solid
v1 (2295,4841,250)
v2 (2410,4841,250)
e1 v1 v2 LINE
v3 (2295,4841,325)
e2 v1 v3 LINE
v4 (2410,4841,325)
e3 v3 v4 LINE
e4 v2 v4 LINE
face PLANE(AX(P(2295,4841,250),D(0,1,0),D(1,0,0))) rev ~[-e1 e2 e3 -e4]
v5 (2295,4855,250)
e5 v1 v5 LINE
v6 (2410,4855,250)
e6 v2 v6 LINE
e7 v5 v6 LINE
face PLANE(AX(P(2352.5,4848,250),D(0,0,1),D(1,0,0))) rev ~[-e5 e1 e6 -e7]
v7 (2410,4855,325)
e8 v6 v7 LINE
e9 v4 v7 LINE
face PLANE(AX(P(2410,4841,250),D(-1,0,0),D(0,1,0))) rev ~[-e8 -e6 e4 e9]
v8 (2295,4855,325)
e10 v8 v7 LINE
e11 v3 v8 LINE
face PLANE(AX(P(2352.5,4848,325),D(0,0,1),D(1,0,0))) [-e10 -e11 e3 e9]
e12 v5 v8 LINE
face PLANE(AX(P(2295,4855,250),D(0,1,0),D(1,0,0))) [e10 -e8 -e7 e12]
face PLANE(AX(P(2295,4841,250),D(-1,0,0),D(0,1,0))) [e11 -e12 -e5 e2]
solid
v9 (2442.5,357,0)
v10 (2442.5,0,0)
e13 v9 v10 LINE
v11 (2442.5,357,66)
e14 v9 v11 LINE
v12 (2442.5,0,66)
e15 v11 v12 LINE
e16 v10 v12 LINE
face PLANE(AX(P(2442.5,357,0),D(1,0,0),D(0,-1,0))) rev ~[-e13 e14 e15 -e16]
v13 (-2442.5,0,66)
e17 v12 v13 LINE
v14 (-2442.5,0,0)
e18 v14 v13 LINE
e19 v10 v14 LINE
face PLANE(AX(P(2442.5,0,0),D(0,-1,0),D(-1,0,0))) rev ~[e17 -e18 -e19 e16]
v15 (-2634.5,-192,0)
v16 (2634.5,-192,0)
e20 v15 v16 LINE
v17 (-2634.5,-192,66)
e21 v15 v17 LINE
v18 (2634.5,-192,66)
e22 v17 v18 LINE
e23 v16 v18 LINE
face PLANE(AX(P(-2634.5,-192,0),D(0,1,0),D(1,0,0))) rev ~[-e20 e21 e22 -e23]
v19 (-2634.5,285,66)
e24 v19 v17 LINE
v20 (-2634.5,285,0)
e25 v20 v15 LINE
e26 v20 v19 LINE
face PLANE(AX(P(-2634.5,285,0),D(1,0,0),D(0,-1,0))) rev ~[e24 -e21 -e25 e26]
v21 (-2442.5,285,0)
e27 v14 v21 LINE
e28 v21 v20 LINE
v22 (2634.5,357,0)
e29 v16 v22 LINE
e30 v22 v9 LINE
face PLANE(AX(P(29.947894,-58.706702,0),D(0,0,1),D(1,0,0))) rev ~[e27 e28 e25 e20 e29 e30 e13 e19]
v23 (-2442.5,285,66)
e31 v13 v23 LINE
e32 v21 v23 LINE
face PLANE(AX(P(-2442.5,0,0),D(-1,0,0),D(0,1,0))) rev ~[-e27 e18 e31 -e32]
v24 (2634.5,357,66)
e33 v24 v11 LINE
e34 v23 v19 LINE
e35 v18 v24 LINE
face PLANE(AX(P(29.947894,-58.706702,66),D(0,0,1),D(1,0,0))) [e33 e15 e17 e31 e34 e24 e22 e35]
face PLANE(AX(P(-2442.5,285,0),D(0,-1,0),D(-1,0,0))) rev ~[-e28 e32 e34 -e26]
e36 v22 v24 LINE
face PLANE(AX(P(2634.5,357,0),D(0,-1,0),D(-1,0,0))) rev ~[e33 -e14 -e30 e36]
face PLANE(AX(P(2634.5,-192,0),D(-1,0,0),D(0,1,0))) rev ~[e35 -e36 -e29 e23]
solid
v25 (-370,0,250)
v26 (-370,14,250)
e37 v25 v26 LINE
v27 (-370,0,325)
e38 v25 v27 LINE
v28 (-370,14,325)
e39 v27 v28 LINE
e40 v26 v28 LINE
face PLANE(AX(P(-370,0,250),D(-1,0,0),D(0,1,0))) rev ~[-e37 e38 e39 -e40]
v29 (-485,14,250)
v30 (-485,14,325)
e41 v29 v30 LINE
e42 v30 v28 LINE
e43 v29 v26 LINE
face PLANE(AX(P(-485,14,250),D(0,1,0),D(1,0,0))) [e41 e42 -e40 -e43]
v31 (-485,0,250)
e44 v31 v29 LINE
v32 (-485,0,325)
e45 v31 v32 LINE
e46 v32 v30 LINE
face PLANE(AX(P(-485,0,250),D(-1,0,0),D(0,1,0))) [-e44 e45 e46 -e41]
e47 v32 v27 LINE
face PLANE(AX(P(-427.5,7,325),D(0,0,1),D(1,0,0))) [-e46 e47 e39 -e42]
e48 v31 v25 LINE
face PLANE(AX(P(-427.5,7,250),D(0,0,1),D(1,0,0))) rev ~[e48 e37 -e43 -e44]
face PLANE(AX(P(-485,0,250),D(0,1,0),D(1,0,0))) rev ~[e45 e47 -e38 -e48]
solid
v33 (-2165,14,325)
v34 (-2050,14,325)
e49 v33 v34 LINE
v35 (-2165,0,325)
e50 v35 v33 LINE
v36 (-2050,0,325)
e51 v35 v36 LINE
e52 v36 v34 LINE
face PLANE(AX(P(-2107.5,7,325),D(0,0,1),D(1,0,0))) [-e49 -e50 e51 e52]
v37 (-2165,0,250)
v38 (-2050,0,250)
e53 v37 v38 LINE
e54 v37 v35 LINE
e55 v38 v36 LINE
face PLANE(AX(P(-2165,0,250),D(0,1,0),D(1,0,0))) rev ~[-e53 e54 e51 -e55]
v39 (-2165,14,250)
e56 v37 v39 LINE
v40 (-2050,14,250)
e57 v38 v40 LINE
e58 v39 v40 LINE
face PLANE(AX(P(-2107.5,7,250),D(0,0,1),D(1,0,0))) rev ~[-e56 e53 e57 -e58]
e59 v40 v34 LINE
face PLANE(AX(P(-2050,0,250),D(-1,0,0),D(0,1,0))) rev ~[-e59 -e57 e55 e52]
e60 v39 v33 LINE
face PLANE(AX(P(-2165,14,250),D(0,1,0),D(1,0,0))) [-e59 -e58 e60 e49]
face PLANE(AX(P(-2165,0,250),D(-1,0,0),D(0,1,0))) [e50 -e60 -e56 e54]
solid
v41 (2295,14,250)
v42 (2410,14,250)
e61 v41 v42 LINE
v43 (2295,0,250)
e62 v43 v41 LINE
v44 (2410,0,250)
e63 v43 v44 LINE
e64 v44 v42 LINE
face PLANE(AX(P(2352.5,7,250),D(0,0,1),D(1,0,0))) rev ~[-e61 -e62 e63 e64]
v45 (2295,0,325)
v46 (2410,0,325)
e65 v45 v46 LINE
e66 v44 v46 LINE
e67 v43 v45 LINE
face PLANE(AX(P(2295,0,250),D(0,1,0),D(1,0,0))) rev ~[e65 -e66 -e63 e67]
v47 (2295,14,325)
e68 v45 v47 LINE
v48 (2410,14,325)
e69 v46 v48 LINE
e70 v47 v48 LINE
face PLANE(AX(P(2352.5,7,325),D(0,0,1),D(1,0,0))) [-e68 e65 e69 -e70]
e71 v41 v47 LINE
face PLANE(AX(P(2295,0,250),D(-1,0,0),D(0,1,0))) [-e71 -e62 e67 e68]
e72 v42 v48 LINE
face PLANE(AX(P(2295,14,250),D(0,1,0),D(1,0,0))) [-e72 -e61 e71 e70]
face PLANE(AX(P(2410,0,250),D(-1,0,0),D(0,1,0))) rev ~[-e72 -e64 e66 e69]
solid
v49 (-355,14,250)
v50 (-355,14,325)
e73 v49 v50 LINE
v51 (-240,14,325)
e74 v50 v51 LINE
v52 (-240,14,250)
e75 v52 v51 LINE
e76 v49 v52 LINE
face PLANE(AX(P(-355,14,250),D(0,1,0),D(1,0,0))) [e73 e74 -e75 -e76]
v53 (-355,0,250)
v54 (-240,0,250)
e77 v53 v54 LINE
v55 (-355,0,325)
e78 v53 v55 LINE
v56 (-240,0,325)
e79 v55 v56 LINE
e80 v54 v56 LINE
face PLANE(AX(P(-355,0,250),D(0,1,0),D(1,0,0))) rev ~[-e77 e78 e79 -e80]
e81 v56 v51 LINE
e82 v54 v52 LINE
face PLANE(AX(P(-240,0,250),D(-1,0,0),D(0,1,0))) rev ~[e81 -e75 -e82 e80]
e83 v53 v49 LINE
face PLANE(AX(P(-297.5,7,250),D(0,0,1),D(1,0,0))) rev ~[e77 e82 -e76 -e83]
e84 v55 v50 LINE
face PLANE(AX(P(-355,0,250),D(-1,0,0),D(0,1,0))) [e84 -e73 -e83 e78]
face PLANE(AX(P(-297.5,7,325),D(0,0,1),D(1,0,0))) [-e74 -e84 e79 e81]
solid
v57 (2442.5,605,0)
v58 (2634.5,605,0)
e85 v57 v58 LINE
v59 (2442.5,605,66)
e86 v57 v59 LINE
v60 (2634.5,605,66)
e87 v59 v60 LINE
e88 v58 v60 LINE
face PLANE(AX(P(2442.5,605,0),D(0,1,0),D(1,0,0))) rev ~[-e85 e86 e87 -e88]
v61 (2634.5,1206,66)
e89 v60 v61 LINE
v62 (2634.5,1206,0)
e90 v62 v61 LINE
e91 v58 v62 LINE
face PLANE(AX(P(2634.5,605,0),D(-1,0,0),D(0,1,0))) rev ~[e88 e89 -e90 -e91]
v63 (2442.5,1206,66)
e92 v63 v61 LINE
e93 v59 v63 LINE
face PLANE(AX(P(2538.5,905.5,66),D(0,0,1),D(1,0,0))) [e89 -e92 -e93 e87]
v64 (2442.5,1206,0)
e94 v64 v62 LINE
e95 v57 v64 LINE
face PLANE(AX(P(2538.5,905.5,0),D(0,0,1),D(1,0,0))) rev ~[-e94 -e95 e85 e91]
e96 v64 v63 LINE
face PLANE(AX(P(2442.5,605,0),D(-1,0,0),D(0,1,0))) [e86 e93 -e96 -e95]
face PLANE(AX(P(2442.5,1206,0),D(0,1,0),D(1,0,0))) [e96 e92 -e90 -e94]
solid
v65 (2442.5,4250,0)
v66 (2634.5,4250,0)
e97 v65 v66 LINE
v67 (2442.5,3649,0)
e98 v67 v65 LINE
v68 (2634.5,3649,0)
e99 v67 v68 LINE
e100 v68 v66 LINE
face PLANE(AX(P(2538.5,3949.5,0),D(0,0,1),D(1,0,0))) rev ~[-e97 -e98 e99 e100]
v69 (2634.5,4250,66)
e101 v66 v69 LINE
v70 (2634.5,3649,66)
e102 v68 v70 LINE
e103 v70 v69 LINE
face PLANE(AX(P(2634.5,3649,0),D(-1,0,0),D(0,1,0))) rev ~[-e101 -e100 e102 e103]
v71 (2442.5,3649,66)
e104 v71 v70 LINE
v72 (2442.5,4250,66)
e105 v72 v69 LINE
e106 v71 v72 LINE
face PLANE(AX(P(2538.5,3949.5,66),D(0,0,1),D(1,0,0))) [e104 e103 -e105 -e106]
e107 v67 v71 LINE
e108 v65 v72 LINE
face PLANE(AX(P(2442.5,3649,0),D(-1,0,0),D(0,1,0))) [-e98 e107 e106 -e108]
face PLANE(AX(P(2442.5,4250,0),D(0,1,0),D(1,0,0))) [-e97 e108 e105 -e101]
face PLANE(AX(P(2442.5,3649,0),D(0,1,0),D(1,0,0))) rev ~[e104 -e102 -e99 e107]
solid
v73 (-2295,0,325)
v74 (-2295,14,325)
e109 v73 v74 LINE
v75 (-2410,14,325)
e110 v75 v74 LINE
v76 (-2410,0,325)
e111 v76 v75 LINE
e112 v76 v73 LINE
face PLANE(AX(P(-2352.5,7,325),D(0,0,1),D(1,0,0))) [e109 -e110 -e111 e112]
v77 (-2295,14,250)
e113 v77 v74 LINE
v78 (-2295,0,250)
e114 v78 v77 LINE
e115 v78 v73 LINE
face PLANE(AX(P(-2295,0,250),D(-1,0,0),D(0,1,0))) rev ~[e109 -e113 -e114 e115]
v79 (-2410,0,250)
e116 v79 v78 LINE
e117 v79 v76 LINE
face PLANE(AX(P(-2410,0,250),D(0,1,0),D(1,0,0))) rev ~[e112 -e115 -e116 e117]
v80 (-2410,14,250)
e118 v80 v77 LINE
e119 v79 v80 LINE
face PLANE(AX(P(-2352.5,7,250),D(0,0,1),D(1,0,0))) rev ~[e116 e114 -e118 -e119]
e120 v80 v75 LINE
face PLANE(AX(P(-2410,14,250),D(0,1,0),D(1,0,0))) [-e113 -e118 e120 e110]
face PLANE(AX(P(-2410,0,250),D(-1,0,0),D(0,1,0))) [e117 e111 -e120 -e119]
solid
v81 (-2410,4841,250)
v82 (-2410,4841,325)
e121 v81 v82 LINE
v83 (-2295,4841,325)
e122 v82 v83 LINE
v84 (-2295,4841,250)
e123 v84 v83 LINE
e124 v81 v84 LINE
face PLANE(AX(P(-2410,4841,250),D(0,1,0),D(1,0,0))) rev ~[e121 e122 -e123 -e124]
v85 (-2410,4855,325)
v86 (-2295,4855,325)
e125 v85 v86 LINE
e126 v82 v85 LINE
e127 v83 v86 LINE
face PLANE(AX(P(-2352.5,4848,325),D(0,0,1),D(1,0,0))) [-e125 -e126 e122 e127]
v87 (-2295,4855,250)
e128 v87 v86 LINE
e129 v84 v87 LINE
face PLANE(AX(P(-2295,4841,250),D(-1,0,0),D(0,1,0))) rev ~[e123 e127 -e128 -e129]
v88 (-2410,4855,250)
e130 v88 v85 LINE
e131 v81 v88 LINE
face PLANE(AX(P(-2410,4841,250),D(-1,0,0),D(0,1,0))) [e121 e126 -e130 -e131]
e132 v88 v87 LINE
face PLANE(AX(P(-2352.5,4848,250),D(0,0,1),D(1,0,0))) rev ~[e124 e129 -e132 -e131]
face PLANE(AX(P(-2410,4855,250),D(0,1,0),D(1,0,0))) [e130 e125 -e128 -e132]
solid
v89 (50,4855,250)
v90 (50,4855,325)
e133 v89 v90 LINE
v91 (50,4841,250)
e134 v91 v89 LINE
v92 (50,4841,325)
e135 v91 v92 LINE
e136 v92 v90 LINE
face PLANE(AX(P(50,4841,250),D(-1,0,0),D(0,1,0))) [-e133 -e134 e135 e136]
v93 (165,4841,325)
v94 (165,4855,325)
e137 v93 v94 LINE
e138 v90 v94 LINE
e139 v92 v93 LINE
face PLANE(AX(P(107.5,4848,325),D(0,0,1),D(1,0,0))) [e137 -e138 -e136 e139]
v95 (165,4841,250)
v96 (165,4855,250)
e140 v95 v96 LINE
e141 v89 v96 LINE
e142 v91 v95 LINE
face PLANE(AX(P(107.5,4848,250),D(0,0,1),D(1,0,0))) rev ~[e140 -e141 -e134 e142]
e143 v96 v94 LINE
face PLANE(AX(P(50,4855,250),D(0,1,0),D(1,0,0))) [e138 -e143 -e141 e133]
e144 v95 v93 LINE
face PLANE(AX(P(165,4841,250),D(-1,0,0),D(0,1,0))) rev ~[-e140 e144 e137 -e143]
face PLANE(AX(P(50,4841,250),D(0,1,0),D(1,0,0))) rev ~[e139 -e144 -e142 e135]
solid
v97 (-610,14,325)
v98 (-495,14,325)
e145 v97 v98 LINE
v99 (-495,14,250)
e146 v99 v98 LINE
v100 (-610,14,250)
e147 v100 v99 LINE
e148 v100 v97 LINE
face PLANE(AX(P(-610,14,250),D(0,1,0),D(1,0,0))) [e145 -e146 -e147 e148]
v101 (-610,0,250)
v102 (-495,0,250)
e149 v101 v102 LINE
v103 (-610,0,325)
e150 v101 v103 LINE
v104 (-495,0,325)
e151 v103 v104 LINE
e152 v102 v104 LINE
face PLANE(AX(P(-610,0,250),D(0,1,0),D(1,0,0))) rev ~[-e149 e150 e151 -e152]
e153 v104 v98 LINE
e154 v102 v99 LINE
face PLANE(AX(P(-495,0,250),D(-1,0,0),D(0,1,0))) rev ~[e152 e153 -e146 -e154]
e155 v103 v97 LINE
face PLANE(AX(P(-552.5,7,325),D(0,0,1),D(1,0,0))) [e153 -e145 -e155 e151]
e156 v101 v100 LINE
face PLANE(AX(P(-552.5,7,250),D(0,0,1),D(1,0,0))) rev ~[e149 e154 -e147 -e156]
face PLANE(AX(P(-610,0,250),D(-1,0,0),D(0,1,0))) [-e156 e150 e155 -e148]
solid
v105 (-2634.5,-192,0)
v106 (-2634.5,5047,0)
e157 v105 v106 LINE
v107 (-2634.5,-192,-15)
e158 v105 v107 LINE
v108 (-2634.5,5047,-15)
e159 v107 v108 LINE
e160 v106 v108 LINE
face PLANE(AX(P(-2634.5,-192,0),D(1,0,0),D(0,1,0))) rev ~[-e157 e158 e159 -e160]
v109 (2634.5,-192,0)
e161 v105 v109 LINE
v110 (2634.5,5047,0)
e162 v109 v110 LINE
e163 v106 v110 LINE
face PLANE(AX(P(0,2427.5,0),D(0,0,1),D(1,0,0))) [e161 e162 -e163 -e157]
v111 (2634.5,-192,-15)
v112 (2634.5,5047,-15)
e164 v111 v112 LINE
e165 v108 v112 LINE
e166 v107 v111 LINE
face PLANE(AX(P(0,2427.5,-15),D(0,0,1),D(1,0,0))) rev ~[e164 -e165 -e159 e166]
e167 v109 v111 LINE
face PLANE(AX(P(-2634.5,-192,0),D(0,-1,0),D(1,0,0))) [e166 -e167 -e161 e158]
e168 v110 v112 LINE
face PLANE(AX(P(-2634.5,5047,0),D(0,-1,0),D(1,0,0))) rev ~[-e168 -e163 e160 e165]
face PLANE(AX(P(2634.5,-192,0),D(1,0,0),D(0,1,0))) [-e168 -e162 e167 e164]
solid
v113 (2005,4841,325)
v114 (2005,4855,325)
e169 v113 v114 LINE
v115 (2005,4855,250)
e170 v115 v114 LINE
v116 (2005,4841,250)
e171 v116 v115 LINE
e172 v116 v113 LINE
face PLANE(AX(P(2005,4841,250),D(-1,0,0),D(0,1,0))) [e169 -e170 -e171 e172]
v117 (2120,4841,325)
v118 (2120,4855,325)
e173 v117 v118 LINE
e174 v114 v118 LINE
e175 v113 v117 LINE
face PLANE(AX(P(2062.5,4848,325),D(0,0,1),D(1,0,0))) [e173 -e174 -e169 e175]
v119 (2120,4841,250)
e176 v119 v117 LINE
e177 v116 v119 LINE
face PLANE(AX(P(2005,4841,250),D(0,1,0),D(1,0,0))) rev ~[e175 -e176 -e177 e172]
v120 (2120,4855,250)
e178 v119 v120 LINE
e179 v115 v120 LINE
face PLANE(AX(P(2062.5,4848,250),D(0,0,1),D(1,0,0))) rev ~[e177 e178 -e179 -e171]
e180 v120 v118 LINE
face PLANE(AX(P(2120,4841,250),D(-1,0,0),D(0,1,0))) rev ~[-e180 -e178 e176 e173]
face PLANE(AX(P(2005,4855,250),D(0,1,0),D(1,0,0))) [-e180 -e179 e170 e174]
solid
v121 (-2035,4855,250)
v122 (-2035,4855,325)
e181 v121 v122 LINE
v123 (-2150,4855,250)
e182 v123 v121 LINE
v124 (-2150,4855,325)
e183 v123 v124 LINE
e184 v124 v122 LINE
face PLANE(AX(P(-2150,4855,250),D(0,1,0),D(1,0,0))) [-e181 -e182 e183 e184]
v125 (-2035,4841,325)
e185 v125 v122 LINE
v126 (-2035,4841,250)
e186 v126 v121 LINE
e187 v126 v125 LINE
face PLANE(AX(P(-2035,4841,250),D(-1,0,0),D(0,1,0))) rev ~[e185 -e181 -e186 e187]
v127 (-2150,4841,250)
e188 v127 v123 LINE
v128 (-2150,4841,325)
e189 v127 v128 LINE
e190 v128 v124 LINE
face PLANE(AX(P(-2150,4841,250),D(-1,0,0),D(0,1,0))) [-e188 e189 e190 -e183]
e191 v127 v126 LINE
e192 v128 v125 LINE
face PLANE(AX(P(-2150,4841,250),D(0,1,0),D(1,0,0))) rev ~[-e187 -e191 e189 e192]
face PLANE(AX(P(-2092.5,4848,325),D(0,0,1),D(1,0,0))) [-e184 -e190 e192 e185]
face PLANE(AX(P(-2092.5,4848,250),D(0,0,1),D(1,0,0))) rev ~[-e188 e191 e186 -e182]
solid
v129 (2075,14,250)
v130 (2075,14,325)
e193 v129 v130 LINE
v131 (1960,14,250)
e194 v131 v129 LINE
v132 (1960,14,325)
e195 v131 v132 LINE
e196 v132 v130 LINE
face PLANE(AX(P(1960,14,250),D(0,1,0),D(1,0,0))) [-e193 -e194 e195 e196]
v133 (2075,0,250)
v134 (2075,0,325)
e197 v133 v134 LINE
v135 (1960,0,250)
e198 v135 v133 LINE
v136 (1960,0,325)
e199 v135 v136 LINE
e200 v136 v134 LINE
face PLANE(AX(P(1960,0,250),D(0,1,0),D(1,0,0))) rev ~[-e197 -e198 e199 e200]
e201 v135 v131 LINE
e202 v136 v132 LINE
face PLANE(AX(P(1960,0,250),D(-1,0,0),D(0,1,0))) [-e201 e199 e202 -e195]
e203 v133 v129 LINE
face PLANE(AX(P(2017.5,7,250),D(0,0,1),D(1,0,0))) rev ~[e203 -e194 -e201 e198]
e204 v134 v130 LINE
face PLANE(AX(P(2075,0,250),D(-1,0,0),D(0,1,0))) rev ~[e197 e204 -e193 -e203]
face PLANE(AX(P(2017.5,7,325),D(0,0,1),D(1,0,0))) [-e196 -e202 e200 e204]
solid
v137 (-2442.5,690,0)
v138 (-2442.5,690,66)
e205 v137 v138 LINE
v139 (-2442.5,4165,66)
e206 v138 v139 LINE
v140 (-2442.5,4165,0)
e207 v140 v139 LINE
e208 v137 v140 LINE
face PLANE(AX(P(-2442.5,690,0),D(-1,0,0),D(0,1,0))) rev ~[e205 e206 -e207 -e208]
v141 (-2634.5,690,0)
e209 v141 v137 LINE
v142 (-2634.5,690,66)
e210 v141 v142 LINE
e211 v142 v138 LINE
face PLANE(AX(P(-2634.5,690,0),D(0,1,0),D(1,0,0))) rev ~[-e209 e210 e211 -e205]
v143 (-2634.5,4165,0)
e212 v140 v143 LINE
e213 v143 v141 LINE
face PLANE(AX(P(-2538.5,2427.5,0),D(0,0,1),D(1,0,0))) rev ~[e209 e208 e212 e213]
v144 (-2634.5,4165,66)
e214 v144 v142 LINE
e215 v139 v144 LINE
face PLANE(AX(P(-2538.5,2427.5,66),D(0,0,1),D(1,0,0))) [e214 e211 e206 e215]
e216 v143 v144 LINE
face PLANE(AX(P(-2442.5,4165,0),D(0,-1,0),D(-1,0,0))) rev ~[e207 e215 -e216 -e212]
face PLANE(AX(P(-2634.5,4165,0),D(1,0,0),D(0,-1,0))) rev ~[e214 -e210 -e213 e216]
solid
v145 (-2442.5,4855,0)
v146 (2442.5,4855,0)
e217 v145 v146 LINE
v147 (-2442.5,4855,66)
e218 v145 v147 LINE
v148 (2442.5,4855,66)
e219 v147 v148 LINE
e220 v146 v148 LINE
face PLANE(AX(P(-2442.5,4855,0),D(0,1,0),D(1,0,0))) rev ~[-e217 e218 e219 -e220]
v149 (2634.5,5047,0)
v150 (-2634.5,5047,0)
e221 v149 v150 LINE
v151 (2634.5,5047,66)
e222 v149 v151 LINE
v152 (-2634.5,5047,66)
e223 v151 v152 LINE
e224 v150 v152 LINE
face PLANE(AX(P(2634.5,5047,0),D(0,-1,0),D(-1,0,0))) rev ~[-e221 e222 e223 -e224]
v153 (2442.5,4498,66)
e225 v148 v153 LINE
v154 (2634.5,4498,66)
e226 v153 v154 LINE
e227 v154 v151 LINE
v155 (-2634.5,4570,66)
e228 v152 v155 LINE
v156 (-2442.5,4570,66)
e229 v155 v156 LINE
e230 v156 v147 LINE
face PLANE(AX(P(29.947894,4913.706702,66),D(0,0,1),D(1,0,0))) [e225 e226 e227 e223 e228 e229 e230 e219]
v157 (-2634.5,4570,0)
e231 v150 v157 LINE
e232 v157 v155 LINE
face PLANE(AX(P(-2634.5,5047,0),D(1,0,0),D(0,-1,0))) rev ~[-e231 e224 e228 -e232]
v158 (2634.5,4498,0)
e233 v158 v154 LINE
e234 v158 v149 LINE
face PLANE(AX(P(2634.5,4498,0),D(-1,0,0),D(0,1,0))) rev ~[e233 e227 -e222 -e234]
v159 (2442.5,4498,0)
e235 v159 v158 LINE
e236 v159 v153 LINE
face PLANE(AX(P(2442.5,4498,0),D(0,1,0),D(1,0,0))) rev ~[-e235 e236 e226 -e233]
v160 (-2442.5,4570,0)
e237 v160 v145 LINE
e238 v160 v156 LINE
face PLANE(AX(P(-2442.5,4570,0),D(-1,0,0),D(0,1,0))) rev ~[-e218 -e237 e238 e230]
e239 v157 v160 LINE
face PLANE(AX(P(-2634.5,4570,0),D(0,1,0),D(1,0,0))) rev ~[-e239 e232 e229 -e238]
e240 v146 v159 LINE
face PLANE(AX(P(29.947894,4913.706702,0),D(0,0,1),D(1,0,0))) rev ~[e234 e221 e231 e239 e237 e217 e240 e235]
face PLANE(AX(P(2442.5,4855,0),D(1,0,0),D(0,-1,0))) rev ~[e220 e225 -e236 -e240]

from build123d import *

# Parameters (mm, degrees)
F1_W      = 192
F1_H      = 601
F5_DEPTH  = 66
F6_W      = 5269
F6_H      = 5239
F7_DEPTH  = 15
F2_W      = 115
F2_H      = 14
F8_DEPTH  = 75
F3_W      = 115
F3_H      = 14
F9_DEPTH  = 75
F4_W      = 115
F4_H      = 14
F10_DEPTH = 75


with BuildPart() as f5:
    # F1 (on Top) → F5 (new body)
    with BuildSketch(Plane.XY):
        with Locations((2538.5, 905.5)):
            Rectangle(F1_W, F1_H)
        with Locations((2538.5, 3949.5)):
            Rectangle(F1_W, F1_H)
        Polygon((-2588.5, 4570), (-2488.5, 4570), (-2442.5, 4570), (-2442.5, 4855), (2442.5, 4855), (2442.5, 4498), (2634.5, 4498), (2634.5, 5047), (-2634.5, 5047), (-2634.5, 4570), align=None)
        Polygon((-2588.5, 690), (-2488.5, 690), (-2442.5, 690), (-2442.5, 4165), (-2488.5, 4165), (-2588.5, 4165), (-2634.5, 4165), (-2634.5, 690), align=None)
        Polygon((2442.5, 0), (-2442.5, 0), (-2442.5, 285), (-2488.5, 285), (-2588.5, 285), (-2634.5, 285), (-2634.5, -192), (2634.5, -192), (2634.5, 357), (2442.5, 357), align=None)
    extrude(amount=F5_DEPTH)


with BuildPart() as f7:
    # F6 (on Top) → F7 (new body)
    with BuildSketch(Plane.XY):
        with Locations((0, 2427.5)):
            Rectangle(F6_W, F6_H)
    extrude(amount=-F7_DEPTH)


with BuildPart() as f8:
    # F2 (on offset) → F8 (new body)
    with BuildSketch(Plane.XY.offset(250)):
        with Locations((2352.5, 7)):
            Rectangle(F2_W, F2_H)
        with Locations((-2352.5, 7)):
            Rectangle(F2_W, F2_H)
        with Locations((-2352.5, 4848)):
            Rectangle(F2_W, F2_H)
        with Locations((2352.5, 4848)):
            Rectangle(F2_W, F2_H)
    extrude(amount=F8_DEPTH)


with BuildPart() as f9:
    # F3 (on offset) → F9 (new body)
    with BuildSketch(Plane.XY.offset(250)):
        with Locations((2017.5, 7)):
            Rectangle(F3_W, F3_H)
        with Locations((-427.5, 7)):
            Rectangle(F3_W, F3_H)
        with Locations((-552.5, 7)):
            Rectangle(F3_W, F3_H)
        with Locations((-2107.5, 7)):
            Rectangle(F3_W, F3_H)
        with Locations((-2092.5, 4848)):
            Rectangle(F3_W, F3_H)
        with Locations((107.5, 4848)):
            Rectangle(F3_W, F3_H)
        with Locations((2062.5, 4848)):
            Rectangle(F3_W, F3_H)
    extrude(amount=F9_DEPTH)


with BuildPart() as f10:
    # F4 (on offset) → F10 (new body)
    with BuildSketch(Plane.XY.offset(250)):
        with Locations((-297.5, 7)):
            Rectangle(F4_W, F4_H)
    extrude(amount=F10_DEPTH)


solid = Compound([f5.part, f7.part, f8.part, f9.part, f10.part])
